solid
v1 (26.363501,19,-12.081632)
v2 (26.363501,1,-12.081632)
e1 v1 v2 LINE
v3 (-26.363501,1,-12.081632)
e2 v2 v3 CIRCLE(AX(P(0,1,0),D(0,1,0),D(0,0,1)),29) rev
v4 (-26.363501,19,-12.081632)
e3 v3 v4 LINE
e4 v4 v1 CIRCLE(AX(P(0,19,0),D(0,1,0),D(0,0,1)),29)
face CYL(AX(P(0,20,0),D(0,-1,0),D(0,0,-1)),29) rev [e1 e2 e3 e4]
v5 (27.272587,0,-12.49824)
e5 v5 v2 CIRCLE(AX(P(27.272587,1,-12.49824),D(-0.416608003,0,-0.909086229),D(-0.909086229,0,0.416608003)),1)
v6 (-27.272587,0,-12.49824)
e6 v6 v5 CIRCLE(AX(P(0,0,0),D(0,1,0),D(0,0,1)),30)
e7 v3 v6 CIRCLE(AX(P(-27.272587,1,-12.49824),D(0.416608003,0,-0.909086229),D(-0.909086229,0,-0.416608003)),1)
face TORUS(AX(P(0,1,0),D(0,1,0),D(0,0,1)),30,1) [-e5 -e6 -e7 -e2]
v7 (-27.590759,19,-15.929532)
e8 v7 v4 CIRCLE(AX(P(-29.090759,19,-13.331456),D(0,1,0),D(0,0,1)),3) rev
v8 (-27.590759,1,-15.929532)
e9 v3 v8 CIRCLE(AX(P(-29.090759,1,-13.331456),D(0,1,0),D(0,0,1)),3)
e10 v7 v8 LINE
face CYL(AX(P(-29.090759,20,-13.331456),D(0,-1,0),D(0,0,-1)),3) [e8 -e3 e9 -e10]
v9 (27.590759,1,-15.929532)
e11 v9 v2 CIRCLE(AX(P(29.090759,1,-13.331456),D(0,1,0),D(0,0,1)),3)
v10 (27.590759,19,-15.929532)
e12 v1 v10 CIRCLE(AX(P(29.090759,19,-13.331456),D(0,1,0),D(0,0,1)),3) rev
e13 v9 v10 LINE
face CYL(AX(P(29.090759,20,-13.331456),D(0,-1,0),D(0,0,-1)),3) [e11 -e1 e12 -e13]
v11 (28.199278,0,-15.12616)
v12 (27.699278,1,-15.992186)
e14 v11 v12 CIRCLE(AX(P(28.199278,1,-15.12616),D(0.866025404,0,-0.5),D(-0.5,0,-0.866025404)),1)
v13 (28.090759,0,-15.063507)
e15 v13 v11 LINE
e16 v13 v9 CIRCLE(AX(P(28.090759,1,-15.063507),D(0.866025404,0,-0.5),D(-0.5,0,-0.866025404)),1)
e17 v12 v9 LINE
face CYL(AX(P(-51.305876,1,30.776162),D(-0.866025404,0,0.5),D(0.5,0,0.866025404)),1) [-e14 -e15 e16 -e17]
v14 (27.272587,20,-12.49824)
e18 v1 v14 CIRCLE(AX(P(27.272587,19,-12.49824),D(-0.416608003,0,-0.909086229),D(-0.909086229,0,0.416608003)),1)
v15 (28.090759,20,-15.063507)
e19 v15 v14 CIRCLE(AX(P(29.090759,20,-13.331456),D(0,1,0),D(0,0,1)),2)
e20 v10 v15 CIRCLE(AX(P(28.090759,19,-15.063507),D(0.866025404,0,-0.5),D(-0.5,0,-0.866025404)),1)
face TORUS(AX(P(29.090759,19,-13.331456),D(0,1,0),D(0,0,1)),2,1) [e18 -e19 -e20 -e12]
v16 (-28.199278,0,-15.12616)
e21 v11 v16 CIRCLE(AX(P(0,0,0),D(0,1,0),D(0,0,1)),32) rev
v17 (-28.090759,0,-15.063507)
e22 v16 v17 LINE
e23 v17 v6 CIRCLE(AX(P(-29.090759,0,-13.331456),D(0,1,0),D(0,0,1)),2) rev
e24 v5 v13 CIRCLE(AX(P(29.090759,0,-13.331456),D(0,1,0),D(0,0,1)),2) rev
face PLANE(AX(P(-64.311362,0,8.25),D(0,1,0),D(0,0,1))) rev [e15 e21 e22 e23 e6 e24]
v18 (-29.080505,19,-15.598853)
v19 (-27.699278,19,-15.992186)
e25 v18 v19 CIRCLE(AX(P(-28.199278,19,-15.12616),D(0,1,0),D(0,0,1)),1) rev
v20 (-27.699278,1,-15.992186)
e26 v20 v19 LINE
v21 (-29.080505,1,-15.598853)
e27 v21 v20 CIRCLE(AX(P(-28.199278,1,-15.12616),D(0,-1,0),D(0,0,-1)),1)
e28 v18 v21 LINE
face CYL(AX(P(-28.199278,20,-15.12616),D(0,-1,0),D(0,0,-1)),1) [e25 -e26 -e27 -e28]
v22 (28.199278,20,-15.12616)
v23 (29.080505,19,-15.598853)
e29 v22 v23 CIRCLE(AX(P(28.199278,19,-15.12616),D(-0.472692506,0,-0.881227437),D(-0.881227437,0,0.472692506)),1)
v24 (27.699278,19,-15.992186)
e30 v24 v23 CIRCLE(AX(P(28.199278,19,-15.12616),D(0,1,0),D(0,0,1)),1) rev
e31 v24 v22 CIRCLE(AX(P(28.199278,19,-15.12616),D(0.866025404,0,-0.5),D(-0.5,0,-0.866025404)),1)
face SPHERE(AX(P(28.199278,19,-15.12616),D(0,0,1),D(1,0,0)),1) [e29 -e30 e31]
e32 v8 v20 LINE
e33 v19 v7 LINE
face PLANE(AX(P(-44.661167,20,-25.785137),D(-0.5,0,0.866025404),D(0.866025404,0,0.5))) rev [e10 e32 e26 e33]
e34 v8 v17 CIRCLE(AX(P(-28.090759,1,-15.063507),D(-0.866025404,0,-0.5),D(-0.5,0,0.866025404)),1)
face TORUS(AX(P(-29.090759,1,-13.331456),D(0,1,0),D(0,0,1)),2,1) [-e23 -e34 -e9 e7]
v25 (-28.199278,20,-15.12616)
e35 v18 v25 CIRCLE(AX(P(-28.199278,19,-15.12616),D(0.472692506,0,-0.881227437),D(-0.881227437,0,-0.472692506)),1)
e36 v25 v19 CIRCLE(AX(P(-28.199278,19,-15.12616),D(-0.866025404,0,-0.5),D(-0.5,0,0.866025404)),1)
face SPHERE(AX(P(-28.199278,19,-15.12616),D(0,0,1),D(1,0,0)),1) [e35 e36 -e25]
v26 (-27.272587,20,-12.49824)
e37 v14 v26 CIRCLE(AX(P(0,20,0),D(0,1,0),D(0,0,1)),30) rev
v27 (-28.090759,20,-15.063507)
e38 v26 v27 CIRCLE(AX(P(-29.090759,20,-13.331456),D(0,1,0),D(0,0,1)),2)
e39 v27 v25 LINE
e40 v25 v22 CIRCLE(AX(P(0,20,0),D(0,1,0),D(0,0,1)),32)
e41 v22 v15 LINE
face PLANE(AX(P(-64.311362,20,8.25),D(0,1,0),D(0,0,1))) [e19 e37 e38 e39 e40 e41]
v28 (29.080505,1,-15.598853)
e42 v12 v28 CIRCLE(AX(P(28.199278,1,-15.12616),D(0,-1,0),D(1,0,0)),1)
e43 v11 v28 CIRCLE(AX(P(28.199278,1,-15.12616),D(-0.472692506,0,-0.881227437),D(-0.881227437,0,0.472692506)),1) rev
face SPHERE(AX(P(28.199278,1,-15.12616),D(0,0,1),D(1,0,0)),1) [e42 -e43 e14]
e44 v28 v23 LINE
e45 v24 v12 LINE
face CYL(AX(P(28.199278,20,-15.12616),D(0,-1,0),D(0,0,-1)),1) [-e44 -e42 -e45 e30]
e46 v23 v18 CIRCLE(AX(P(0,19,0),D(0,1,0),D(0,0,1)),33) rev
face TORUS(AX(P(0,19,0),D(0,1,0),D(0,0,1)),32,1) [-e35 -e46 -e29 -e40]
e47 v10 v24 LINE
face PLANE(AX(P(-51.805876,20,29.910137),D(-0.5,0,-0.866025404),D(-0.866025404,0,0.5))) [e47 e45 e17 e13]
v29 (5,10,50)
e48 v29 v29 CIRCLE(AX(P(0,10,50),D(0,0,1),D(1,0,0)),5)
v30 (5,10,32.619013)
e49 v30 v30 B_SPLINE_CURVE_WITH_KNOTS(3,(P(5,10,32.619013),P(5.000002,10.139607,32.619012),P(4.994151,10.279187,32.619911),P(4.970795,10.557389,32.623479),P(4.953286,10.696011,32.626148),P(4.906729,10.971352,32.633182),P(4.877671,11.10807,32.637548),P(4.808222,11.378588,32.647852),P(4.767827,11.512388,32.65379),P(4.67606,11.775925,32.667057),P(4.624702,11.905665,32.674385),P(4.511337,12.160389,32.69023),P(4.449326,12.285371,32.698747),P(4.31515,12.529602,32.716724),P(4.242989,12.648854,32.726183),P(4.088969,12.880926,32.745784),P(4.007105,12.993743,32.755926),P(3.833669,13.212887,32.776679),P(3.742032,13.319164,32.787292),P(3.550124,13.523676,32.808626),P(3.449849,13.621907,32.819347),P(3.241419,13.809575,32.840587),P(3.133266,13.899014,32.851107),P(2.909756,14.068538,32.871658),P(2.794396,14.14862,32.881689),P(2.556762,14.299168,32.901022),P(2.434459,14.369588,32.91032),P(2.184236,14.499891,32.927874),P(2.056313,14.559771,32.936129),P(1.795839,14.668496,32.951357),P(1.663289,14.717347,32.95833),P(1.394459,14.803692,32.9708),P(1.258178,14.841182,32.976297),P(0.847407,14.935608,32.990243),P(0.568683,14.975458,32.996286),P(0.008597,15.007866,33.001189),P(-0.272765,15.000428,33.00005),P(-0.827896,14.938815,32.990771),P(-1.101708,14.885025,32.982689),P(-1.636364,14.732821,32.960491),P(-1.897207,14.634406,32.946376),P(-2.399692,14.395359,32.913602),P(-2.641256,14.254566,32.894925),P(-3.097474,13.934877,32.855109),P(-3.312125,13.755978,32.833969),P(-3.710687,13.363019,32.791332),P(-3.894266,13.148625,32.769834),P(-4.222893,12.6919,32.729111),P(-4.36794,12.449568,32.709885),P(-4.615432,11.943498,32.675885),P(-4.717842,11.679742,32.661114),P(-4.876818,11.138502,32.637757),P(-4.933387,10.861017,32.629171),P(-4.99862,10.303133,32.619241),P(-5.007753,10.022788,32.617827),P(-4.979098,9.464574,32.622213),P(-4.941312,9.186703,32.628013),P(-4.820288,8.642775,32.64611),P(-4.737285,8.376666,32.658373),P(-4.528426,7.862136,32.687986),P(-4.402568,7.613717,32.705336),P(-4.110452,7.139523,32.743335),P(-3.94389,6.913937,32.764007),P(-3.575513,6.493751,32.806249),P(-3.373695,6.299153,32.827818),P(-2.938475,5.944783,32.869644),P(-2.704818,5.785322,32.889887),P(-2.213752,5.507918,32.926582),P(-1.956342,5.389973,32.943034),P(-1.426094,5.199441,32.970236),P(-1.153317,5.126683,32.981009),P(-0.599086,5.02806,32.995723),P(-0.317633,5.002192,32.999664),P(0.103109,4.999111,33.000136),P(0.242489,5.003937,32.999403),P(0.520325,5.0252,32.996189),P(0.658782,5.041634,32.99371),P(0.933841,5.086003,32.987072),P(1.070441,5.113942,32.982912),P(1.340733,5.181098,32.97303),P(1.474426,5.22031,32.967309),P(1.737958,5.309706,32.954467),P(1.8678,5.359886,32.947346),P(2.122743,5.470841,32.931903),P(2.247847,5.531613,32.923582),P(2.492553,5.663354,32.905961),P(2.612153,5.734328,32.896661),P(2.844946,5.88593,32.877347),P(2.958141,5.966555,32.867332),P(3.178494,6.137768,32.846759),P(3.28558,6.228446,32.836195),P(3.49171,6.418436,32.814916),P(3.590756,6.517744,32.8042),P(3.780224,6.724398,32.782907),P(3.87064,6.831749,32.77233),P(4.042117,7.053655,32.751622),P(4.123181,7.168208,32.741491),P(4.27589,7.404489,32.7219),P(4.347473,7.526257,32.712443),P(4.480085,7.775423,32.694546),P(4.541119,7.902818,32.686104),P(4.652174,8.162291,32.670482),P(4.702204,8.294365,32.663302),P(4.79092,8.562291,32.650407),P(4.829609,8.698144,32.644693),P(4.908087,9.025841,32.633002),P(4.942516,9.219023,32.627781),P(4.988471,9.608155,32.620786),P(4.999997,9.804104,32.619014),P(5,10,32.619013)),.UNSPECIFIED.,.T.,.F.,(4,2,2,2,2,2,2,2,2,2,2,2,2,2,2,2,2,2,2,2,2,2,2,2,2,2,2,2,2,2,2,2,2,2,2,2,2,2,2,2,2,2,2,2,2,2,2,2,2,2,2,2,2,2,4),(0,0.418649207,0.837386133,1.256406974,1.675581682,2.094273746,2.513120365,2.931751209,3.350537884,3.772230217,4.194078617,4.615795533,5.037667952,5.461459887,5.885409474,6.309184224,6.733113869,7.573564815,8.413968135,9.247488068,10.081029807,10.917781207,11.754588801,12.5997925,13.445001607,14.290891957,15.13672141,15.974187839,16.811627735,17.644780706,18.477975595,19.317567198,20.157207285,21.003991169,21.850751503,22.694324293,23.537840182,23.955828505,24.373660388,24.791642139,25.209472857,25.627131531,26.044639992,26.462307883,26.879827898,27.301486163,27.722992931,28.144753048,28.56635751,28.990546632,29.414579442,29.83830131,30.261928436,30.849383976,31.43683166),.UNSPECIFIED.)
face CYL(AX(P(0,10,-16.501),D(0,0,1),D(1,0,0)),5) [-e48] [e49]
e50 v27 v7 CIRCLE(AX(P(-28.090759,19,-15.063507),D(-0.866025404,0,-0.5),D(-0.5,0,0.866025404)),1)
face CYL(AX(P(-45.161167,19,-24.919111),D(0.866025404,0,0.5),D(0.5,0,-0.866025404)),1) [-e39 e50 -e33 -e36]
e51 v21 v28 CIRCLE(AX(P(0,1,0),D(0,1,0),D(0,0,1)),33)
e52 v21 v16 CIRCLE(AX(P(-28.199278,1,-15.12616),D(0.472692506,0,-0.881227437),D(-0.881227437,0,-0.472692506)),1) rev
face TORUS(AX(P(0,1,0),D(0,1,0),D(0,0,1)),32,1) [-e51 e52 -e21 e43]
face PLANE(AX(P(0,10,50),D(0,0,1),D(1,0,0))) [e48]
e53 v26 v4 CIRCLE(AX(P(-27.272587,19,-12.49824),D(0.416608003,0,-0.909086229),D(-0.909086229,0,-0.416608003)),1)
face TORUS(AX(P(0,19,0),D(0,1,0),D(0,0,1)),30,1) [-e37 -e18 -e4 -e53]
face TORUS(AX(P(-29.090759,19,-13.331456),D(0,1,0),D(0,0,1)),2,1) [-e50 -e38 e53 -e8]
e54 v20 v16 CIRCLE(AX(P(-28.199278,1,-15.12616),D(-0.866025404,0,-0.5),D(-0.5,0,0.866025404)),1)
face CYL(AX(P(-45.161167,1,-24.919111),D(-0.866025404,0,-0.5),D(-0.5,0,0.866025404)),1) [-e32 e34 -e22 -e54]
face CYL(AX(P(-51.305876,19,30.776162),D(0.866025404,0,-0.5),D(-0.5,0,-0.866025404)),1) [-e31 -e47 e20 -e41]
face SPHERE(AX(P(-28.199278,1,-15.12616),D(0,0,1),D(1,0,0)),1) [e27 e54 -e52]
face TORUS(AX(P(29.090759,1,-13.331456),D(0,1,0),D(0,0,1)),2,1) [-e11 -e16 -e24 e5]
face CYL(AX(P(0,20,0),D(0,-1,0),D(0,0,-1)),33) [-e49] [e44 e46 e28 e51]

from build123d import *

# Parameters (mm, degrees)
EXTRUIR1_DEPTH      = 20
EXTRUIR2_REACH      = 102.774
EXTRUIR2_END_RADIUS = 33
EXTRUIR2_START      = 50
CROQUIS2_R          = 5
REDONDEO1_R         = 3
REDONDEO2_R         = 1


with BuildPart() as part:
    # Croquis1 → Extruir1 (new body)
    with BuildSketch(Plane(origin=(0, 0, 0), x_dir=(1, 0, 0), z_dir=(0, 1, 0))):
        with BuildLine():
            Line((28.578838325, 16.5), (25.11473671, 14.5))
            ThreePointArc((25.11473671, 14.5), (0, -29), (-25.11473671, 14.5))
            Line((-25.11473671, 14.5), (-28.578838325, 16.5))
            ThreePointArc((-28.578838325, 16.5), (0, -33), (28.578838325, 16.5))
        make_face()
    extrude(amount=EXTRUIR1_DEPTH)

    # Extruir2: up to this cylinder (the profile starts outside it)
    extruir2_end = Plane(origin=(0, 10, 0), z_dir=(0, -1, 0)) * Cylinder(EXTRUIR2_END_RADIUS, 272.548, mode=Mode.PRIVATE)
    # Croquis2 → Extruir2 (add, up to the surface)
    with BuildSketch(Plane.XY.offset(EXTRUIR2_START), mode=Mode.PRIVATE) as extruir2_sk1:
        with Locations((0, 10)):
            Circle(CROQUIS2_R)
    extruir2_tool1 = extrude(extruir2_sk1.sketch, amount=-EXTRUIR2_REACH, mode=Mode.PRIVATE) - extruir2_end
    add(extruir2_tool1.solids().sort_by_distance((0, 10, 50))[0])

    # Redondeo1
    redondeo1_edges = [part.edges().sort_by_distance(p)[0] for p in [
        (25.11473671, 10, -14.5),
        (-25.11473671, 10, -14.5),
    ]]
    fillet(redondeo1_edges, radius=REDONDEO1_R)

    # Redondeo2
    redondeo2_edges = [part.edges().sort_by_distance(p)[0] for p in [
        (0, 20, 33),
        (-28.084798824, 0, -16.214766161),
        (-28.084798824, 20, -16.214766161),
        (0, 0, 29),
        (28.084798824, 0, -16.214766161),
        (26.232610791, 0, -14.243040978),
        (-26.232610791, 0, -14.243040978),
        (0, 20, 29),
        (28.084798824, 20, -16.214766161),
        (26.232610791, 20, -14.243040978),
        (-26.232610791, 20, -14.243040978),
        (0, 0, 33),
        (28.578838325, 10, -16.5),
        (-28.578838325, 10, -16.5),
    ]]
    fillet(redondeo2_edges, radius=REDONDEO2_R)


solid = part.part
